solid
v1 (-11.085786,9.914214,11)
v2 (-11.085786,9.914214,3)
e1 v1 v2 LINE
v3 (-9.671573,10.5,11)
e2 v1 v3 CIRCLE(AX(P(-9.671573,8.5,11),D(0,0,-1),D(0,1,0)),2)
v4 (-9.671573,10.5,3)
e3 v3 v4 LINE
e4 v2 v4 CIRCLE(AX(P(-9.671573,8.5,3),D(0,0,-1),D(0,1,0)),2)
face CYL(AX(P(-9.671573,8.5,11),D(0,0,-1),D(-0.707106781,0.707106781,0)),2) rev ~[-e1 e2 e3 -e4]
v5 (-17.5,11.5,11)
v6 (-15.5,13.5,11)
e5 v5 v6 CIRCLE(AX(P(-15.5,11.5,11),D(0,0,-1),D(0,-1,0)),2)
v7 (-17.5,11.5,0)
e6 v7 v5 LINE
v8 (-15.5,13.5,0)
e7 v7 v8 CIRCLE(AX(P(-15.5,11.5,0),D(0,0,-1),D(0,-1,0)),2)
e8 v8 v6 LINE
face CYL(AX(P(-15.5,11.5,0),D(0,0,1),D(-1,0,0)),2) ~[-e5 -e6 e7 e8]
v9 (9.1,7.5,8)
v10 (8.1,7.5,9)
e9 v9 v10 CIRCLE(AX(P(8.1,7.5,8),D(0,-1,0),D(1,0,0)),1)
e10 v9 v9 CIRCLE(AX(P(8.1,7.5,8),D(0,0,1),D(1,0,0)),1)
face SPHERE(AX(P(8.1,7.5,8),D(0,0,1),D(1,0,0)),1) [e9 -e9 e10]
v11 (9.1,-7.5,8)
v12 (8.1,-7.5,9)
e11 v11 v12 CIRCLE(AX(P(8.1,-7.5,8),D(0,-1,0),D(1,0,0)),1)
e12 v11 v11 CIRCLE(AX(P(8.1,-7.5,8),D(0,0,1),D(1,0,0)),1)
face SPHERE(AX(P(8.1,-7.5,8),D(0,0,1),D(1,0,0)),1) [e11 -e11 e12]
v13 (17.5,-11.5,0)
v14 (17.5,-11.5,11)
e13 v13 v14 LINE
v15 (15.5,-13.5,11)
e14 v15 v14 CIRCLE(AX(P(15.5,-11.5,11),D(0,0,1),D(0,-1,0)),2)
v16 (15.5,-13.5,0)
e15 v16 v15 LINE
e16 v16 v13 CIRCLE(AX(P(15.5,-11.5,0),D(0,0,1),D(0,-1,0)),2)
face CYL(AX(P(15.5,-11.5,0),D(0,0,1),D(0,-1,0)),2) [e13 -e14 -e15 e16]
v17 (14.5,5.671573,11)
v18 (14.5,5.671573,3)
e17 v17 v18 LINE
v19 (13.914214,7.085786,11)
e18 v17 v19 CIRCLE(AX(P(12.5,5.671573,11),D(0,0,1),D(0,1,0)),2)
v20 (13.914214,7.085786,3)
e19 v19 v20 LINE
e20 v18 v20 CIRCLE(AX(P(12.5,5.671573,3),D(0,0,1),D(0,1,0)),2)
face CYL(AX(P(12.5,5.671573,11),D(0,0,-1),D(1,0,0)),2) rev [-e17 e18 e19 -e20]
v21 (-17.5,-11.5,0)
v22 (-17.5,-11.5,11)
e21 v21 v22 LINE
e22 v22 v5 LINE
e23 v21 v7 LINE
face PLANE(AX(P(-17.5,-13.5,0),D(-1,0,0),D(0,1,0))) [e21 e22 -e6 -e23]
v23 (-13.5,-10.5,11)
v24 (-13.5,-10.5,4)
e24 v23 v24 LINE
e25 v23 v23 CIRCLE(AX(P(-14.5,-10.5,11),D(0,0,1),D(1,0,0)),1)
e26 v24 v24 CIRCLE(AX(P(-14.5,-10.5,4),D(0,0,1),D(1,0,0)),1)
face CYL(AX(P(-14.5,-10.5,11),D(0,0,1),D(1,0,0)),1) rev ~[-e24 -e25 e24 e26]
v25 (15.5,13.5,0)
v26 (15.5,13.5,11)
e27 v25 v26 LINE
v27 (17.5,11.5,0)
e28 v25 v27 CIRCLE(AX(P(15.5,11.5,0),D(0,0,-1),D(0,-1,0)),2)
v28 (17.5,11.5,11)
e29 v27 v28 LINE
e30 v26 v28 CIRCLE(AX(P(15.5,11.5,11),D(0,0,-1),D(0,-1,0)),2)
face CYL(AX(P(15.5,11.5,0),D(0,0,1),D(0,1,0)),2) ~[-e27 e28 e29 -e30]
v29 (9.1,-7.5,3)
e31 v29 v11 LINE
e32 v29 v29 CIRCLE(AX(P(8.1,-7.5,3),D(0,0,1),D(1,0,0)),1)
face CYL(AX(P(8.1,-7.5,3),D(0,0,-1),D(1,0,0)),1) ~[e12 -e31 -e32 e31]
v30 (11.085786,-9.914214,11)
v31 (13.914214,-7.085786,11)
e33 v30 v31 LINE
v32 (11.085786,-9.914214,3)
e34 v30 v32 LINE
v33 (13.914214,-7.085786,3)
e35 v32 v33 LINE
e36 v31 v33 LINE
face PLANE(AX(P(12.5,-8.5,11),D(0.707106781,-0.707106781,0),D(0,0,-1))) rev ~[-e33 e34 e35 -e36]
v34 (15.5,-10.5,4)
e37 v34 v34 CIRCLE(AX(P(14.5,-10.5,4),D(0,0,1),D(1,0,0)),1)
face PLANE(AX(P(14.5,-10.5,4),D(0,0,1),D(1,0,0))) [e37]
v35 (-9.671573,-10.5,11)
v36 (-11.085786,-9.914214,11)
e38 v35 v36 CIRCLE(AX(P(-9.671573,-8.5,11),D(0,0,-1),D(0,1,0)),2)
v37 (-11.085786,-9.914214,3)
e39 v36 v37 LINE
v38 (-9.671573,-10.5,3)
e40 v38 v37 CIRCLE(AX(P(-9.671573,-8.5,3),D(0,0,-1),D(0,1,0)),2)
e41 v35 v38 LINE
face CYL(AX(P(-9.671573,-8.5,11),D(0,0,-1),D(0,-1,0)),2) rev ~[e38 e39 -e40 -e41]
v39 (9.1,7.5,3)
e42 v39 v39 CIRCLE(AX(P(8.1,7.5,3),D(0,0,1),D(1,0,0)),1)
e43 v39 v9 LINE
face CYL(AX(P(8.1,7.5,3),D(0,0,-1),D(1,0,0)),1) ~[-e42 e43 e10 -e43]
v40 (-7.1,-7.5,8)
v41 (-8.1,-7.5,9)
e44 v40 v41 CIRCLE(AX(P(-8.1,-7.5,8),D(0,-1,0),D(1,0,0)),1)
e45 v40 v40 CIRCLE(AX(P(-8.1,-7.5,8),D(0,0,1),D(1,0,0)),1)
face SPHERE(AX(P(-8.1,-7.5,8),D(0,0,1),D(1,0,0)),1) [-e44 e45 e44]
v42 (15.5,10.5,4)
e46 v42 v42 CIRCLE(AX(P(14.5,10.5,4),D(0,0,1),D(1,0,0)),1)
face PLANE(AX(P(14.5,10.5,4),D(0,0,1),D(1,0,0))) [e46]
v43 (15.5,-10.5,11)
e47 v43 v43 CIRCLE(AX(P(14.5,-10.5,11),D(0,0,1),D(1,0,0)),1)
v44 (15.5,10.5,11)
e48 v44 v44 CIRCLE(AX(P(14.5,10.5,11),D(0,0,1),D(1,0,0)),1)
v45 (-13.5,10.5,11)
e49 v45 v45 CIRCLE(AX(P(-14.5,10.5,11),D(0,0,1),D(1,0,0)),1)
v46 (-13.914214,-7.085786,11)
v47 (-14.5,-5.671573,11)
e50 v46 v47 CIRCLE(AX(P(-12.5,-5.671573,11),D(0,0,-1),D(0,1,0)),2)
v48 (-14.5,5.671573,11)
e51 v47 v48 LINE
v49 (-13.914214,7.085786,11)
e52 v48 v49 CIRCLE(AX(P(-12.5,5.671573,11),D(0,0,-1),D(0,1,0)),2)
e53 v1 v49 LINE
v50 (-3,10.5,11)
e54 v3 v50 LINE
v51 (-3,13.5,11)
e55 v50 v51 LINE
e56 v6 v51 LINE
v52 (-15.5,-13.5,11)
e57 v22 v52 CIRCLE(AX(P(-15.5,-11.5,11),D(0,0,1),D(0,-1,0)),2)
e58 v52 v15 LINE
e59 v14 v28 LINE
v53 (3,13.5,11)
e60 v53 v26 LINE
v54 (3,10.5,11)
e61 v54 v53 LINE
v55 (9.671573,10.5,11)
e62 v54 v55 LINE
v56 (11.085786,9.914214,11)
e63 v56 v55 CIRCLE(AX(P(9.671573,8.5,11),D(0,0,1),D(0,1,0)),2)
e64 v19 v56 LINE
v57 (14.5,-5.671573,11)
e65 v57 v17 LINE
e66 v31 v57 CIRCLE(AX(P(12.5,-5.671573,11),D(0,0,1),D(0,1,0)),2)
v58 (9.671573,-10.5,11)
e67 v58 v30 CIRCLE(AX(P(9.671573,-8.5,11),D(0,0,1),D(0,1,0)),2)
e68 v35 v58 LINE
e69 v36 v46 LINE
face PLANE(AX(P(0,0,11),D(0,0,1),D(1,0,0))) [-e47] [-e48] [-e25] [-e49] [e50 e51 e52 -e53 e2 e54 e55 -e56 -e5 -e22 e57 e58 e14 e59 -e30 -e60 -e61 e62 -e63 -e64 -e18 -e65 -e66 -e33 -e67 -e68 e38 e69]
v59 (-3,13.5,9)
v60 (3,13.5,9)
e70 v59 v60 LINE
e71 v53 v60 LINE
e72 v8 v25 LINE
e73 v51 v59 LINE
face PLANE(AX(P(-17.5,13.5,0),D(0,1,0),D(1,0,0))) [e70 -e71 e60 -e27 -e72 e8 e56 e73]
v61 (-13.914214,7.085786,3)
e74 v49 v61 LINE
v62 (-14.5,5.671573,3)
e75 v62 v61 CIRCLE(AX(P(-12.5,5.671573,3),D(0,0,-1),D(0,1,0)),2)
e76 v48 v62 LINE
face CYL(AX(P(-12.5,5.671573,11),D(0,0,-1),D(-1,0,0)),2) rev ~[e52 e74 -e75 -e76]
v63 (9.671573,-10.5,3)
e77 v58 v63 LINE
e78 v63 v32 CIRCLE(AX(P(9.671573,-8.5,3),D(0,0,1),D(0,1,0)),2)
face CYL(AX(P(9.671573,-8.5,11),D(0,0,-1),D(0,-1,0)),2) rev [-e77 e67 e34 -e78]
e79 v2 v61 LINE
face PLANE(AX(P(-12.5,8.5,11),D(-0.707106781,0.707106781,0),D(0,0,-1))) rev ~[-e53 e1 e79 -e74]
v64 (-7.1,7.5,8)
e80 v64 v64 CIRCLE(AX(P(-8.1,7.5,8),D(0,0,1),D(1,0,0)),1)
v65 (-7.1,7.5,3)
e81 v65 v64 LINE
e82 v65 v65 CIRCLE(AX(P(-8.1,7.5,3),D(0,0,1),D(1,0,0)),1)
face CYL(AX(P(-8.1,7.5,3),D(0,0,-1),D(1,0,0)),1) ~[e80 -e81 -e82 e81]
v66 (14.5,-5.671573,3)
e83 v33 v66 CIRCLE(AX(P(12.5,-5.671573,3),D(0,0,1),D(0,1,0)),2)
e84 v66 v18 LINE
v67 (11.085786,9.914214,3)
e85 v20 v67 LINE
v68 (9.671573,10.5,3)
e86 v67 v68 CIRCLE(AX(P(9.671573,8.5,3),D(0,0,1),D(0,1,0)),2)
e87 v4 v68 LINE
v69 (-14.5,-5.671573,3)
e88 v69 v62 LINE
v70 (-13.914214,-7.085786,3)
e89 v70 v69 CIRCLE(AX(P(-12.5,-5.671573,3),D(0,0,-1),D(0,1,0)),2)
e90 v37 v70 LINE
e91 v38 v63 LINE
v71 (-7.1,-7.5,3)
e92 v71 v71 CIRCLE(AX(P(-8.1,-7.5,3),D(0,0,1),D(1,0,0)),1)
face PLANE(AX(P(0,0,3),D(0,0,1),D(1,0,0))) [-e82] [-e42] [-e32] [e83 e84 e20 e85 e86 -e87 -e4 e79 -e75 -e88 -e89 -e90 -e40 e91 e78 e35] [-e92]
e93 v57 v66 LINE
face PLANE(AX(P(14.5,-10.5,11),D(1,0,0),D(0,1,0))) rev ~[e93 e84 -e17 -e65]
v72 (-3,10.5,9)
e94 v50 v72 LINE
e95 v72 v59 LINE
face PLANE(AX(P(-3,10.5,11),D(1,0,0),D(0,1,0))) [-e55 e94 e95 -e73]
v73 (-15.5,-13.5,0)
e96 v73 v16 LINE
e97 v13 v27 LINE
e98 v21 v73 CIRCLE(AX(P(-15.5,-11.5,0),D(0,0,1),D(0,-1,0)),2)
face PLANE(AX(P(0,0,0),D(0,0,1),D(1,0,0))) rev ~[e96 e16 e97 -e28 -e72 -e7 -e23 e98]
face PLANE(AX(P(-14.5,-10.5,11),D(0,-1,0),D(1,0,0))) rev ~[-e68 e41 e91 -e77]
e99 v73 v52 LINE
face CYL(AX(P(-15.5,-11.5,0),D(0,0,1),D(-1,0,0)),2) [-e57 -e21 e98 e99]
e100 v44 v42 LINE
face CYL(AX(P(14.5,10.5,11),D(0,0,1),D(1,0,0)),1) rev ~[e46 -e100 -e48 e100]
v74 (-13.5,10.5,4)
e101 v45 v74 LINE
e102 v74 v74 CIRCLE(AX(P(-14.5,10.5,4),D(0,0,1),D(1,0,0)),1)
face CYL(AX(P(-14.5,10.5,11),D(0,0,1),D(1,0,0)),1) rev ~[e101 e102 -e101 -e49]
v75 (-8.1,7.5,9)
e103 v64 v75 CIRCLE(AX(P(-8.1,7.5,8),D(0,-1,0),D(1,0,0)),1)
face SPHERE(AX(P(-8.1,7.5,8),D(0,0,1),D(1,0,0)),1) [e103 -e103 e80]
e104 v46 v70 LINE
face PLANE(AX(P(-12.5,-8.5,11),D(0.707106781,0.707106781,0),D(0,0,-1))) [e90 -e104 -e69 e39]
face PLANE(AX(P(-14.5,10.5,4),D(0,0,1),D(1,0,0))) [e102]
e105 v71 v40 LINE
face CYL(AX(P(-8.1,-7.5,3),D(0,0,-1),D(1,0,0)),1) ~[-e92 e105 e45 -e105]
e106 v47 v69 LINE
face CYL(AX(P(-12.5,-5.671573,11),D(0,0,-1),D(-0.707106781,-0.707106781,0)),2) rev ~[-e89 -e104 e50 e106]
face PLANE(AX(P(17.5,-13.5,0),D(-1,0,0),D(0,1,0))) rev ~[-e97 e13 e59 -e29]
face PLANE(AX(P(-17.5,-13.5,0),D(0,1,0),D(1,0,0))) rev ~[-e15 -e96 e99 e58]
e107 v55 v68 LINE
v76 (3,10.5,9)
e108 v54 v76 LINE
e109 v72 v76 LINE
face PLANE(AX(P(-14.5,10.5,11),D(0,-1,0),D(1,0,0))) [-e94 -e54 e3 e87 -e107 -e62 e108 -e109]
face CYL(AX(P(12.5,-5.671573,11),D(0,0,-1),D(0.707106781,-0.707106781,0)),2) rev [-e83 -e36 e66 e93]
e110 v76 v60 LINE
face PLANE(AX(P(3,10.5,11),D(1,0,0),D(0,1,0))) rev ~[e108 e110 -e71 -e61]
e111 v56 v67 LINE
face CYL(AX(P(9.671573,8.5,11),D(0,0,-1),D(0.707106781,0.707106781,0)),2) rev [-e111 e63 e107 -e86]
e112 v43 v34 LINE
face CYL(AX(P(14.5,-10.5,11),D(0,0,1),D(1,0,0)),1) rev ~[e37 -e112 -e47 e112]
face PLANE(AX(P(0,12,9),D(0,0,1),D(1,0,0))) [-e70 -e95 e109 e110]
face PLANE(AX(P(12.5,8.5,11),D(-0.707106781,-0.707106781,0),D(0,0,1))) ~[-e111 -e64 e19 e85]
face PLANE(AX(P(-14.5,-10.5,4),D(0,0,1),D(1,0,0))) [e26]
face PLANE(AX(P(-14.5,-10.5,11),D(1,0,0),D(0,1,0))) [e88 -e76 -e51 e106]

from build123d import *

# Parameters (mm, degrees)
ESQUISSE1_W             = 35
ESQUISSE1_H             = 27
BOSS_EXTRU_1_DEPTH      = 11
ESQUISSE2_W             = 29
ESQUISSE2_H             = 21
ENL_V_MAT_EXTRU_1_DEPTH = 8
CHANFREIN1_SIZE         = 4
ESQUISSE3_R             = 1
ENL_V_MAT_EXTRU_2_DEPTH = 7
ESQUISSE4_R             = 1
BOSS_EXTRU_2_DEPTH      = 6
CONG_2_R                = 1
CONG_3_R                = 2
CONG_4_R                = 2
ESQUISSE5_W             = 6
ESQUISSE5_H             = 3
ENL_V_MAT_EXTRU_3_DEPTH = 2


with BuildPart() as part:
    # Esquisse1 → Boss.-Extru.1 (new body)
    with BuildSketch(Plane.XY):
        Rectangle(ESQUISSE1_W, ESQUISSE1_H)
    extrude(amount=BOSS_EXTRU_1_DEPTH)

    # Esquisse2 → Enl_v. mat.-Extru.1 (cut)
    with BuildSketch(Plane.XY.offset(11)):
        Rectangle(ESQUISSE2_W, ESQUISSE2_H)
    extrude(amount=-ENL_V_MAT_EXTRU_1_DEPTH, mode=Mode.SUBTRACT)

    # Chanfrein1
    chanfrein1_edges = [part.edges().sort_by_distance(p)[0] for p in [
        (-14.5, -10.5, 7),
        (-14.5, 10.5, 7),
        (14.5, 10.5, 7),
        (14.5, -10.5, 7),
    ]]
    chamfer(chanfrein1_edges, length=CHANFREIN1_SIZE)

    # Esquisse3 → Enl_v. mat.-Extru.2 (cut)
    with BuildSketch(Plane.XY.offset(11)):
        with Locations((-14.5, 10.5)):
            Circle(ESQUISSE3_R)
        with Locations((14.5, 10.5)):
            Circle(ESQUISSE3_R)
        with Locations((14.5, -10.5)):
            Circle(ESQUISSE3_R)
        with Locations((-14.5, -10.5)):
            Circle(ESQUISSE3_R)
    extrude(amount=-ENL_V_MAT_EXTRU_2_DEPTH, mode=Mode.SUBTRACT)

    # Esquisse4 → Boss.-Extru.2 (add)
    with BuildSketch(Plane.XY.offset(3)):
        with Locations((-8.1, 7.5)):
            Circle(ESQUISSE4_R)
        with Locations((8.1, 7.5)):
            Circle(ESQUISSE4_R)
        with Locations((-8.1, -7.5)):
            Circle(ESQUISSE4_R)
        with Locations((8.1, -7.5)):
            Circle(ESQUISSE4_R)
    extrude(amount=BOSS_EXTRU_2_DEPTH)

    # Cong_2
    cong_2_edges = [part.edges().sort_by_distance(p)[0] for p in [
        (-9.1, 7.5, 9),
        (7.1, 7.5, 9),
        (-9.1, -7.5, 9),
        (7.1, -7.5, 9),
    ]]
    fillet(cong_2_edges, radius=CONG_2_R)

    # Cong_3
    cong_3_edges = [part.edges().sort_by_distance(p)[0] for p in [
        (-17.5, 13.5, 5.5),
        (17.5, 13.5, 5.5),
        (17.5, -13.5, 5.5),
        (-17.5, -13.5, 5.5),
    ]]
    fillet(cong_3_edges, radius=CONG_3_R)

    # Cong_4
    cong_4_edges = [part.edges().sort_by_distance(p)[0] for p in [
        (10.5, -10.5, 7),
        (-10.5, -10.5, 7),
        (-14.5, 6.5, 7),
        (-14.5, -6.5, 7),
        (14.5, 6.5, 7),
        (14.5, -6.5, 7),
        (-10.5, 10.5, 7),
        (10.5, 10.5, 7),
    ]]
    fillet(cong_4_edges, radius=CONG_4_R)

    # Esquisse5 → Enl_v. mat.-Extru.3 (cut)
    with BuildSketch(Plane.XY.offset(11)):
        with Locations((0, 12)):
            Rectangle(ESQUISSE5_W, ESQUISSE5_H)
    extrude(amount=-ENL_V_MAT_EXTRU_3_DEPTH, mode=Mode.SUBTRACT)


solid = part.part
